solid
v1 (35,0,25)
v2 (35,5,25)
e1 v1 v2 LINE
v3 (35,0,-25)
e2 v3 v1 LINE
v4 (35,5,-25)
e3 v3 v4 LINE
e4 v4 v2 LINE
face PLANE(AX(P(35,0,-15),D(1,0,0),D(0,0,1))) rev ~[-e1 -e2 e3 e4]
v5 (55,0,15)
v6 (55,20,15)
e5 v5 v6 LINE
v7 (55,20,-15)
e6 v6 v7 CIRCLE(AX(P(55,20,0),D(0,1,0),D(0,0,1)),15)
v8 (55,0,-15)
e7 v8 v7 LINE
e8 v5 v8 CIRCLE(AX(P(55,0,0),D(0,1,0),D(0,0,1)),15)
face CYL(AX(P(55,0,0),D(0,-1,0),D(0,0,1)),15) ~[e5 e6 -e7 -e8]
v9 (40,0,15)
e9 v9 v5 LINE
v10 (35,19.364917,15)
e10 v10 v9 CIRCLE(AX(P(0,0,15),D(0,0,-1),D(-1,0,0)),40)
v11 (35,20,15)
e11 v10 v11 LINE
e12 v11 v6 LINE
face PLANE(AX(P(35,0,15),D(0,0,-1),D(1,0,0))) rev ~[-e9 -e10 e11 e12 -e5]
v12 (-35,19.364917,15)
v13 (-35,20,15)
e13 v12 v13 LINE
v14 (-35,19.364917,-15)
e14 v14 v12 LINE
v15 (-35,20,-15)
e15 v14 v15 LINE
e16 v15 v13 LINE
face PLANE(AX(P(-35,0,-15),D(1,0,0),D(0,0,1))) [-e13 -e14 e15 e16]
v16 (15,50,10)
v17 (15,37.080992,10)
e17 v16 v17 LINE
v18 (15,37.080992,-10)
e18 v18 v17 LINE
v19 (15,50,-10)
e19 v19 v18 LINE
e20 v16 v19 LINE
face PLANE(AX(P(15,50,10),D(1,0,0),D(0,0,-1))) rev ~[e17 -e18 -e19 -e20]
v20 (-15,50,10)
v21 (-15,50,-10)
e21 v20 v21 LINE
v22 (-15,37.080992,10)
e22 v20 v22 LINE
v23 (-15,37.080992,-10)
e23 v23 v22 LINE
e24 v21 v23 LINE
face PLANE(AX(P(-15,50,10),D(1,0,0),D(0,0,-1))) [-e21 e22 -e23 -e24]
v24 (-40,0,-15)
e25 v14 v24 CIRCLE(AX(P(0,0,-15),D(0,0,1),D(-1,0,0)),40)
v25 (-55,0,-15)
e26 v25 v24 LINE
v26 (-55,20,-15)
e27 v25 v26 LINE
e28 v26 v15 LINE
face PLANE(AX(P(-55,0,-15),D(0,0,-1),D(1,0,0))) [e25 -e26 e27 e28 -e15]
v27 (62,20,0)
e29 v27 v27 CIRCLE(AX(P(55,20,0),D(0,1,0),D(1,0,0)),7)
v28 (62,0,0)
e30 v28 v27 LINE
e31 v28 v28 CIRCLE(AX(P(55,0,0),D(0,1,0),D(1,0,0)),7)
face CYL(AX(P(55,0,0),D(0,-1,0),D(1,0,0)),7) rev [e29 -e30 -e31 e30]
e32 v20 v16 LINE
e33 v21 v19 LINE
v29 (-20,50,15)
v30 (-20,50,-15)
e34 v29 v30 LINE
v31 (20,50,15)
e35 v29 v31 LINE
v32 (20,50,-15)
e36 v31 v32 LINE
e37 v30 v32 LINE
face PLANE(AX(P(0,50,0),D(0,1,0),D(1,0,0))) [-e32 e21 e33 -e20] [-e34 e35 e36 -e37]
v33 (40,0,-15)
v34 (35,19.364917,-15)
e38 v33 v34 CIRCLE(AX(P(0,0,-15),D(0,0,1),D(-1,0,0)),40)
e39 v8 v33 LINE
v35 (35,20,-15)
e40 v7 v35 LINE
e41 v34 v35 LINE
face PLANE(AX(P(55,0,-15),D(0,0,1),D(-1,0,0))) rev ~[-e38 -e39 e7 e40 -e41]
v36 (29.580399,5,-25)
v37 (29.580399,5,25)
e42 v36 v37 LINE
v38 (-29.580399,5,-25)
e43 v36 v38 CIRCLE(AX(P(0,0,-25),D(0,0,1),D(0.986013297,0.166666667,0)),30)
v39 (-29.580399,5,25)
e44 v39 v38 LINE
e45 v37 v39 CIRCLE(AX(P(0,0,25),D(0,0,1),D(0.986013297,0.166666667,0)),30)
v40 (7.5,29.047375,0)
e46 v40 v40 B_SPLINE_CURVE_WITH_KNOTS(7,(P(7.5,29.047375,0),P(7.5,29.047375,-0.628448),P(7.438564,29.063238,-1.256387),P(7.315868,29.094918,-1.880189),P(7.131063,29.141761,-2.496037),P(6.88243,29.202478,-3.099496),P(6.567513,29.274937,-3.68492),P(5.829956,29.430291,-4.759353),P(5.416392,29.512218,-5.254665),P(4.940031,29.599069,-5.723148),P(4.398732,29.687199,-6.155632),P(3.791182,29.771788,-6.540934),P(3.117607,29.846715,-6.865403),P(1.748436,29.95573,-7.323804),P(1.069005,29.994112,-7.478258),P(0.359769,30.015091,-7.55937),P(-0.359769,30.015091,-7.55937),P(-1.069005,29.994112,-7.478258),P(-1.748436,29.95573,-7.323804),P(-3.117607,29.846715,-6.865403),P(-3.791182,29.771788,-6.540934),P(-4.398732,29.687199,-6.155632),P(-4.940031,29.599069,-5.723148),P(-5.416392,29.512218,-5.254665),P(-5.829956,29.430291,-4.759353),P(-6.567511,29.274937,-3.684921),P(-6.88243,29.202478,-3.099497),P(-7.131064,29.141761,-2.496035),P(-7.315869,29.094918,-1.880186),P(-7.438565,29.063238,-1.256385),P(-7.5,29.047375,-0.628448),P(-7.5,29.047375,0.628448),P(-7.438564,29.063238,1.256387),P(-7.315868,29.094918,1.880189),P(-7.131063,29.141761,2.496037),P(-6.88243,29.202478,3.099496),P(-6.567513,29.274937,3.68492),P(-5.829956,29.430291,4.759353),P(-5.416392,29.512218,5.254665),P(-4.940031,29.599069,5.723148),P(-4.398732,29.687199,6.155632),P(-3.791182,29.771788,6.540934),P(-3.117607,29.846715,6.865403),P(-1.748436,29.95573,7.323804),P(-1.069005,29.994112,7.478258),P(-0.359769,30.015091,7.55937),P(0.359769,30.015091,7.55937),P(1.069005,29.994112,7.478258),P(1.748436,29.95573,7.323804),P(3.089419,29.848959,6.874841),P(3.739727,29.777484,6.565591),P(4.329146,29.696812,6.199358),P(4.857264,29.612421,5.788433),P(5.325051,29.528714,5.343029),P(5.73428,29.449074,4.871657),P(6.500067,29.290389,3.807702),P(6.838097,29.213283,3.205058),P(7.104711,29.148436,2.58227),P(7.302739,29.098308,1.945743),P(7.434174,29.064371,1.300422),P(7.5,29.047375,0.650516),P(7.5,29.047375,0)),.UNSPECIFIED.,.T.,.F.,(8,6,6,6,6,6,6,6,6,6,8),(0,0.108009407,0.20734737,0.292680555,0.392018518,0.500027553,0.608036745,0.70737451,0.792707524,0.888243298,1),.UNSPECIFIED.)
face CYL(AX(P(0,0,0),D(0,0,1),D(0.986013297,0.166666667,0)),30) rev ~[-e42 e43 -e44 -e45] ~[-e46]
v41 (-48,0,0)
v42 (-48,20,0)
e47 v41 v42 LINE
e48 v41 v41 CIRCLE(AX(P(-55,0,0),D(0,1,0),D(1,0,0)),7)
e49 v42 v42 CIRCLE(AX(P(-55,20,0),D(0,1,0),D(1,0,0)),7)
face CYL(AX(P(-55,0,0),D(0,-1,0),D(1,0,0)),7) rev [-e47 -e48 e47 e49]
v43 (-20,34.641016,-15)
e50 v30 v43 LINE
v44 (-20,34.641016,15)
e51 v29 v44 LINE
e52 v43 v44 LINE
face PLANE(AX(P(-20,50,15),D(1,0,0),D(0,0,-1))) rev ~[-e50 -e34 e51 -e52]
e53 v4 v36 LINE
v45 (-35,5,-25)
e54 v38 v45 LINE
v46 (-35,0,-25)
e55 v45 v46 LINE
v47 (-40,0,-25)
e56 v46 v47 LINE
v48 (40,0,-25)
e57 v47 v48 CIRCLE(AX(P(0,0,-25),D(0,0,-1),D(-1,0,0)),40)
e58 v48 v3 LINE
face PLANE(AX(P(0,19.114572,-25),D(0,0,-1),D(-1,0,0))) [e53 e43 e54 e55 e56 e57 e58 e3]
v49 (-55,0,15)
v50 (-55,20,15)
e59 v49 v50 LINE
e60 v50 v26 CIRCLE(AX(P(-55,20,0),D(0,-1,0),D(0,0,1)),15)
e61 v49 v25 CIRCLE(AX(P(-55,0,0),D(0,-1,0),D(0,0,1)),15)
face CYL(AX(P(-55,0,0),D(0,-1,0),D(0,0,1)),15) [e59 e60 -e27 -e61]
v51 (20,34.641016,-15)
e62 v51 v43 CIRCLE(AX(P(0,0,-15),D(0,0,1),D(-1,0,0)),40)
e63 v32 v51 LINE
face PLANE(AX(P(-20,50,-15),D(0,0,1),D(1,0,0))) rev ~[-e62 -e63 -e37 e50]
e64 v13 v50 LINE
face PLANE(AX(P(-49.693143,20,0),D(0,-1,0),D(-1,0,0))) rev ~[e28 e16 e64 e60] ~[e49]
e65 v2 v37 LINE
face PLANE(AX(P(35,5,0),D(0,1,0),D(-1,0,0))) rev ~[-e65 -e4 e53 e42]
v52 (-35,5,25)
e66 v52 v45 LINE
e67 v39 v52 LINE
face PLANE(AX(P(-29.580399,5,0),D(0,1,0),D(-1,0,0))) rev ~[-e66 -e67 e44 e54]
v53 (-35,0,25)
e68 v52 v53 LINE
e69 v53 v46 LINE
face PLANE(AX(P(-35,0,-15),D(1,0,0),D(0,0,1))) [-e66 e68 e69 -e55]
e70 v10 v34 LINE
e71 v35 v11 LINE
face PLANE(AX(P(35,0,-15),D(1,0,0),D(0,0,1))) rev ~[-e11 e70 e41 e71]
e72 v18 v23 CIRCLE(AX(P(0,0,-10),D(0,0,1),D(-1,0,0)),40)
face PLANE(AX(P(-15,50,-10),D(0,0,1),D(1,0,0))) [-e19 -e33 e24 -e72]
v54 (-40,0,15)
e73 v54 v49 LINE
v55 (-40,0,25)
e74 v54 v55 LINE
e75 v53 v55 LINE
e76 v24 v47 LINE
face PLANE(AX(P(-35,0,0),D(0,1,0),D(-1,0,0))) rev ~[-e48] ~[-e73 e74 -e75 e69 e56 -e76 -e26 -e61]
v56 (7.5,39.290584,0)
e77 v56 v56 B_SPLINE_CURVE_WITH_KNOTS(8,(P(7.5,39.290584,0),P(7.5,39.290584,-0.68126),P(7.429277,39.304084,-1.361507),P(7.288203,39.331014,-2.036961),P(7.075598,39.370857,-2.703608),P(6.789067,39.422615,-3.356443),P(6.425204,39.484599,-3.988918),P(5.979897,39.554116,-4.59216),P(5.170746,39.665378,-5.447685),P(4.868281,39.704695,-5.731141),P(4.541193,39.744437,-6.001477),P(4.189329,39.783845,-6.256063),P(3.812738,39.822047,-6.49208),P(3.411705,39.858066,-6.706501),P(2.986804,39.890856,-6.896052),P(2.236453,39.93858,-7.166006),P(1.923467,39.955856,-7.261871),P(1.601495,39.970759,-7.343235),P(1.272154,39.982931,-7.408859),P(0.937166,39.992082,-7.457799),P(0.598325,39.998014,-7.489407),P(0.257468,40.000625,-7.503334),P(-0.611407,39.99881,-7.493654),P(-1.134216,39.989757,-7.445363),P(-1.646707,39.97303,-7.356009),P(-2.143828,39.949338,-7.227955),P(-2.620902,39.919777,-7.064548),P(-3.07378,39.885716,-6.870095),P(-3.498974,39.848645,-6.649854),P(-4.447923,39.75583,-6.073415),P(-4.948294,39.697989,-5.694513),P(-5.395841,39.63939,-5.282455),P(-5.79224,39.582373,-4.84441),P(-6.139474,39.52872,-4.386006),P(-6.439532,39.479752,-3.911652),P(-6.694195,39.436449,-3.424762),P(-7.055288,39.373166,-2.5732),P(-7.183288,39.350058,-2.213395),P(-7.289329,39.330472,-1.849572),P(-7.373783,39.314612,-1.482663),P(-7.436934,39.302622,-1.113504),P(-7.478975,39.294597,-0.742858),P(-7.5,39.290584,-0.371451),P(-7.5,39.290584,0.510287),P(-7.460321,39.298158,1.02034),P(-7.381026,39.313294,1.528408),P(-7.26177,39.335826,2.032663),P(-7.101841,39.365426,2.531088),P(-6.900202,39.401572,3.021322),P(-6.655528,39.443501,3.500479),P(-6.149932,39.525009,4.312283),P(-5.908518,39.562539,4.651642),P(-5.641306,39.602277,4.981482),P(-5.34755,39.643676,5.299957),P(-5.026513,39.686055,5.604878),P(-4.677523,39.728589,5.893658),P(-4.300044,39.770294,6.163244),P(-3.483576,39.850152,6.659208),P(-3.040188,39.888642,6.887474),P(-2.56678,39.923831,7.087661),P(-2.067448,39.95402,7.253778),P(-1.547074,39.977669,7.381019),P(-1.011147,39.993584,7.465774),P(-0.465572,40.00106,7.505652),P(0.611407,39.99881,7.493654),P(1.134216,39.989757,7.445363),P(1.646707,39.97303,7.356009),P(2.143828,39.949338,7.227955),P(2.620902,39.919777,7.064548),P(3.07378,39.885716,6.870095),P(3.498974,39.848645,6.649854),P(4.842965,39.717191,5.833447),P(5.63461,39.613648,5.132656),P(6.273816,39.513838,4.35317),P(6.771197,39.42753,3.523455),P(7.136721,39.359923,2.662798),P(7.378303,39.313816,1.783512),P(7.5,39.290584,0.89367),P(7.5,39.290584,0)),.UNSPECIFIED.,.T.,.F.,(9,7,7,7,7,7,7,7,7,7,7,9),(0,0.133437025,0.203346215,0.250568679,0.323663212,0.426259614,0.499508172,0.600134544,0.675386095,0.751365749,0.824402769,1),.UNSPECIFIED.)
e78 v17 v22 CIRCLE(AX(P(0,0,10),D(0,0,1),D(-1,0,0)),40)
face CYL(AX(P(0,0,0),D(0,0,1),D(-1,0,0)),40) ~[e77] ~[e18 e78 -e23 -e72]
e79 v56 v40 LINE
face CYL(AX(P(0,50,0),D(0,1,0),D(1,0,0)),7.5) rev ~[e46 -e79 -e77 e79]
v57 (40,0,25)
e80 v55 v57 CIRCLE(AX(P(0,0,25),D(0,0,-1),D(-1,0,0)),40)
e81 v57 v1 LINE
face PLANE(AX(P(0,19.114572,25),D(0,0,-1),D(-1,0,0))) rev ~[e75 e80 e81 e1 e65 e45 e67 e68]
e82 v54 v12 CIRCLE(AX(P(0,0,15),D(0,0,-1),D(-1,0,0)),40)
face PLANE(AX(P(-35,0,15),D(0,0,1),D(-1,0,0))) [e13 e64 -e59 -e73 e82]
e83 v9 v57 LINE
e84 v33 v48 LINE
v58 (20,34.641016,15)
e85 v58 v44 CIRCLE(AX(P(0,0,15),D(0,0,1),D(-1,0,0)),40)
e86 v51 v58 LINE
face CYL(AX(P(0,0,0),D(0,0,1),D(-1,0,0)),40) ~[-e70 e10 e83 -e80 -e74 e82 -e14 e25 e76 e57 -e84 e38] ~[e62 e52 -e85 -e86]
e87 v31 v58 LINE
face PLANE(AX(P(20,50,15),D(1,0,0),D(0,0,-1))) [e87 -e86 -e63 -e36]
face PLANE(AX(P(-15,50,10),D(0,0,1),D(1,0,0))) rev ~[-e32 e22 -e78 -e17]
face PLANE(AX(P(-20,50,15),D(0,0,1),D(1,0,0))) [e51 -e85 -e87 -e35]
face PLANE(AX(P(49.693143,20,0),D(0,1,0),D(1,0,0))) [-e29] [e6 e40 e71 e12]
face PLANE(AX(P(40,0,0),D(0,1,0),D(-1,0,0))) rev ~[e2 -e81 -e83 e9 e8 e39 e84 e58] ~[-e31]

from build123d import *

# Parameters (mm, degrees)
SKETCH2_R                = 7
BOSS_EXTRUDE1_DEPTH      = 20
BOSS_EXTRUDE1_2_DEPTH    = 20
BOSS_EXTRUDE4_DEPTH      = 25
BOSS_EXTRUDE4_DEPTH_BACK = 25
BOSS_EXTRUDE5_REACH      = 52
SKETCH5_W                = 40
SKETCH5_H                = 30
SKETCH5_W_2              = 30
SKETCH5_H_2              = 20
SKETCH6_R                = 7.5
CUT_EXTRUDE1_DEPTH       = 51


with BuildPart() as part:
    # Sketch2 → Boss-Extrude1 (new body)
    with BuildSketch(Plane(origin=(0, 0, 0), x_dir=(1, 0, 0), z_dir=(0, 1, 0))):
        with BuildLine():
            Line((-55, 15), (-35, 15))
            Line((-35, 15), (-35, -15))
            Line((-35, -15), (-55, -15))
            ThreePointArc((-55, -15), (-70, 0), (-55, 15))
        make_face()
        with Locations((-55, 0)):
            Circle(SKETCH2_R, mode=Mode.SUBTRACT)
    extrude(amount=BOSS_EXTRUDE1_DEPTH)



with BuildPart() as body_2:
    # Sketch2 → Boss-Extrude1 2 (new body)
    with BuildSketch(Plane(origin=(0, 0, 0), x_dir=(1, 0, 0), z_dir=(0, 1, 0))):
        with BuildLine():
            Line((35, -15), (55, -15))
            ThreePointArc((55, -15), (70, 0), (55, 15))
            Line((55, 15), (35, 15))
            Line((35, 15), (35, -15))
        make_face()
        with Locations((55, 0)):
            Circle(SKETCH2_R, mode=Mode.SUBTRACT)
    extrude(amount=BOSS_EXTRUDE1_2_DEPTH)


with BuildPart() as part_1:
    add(part.part)

    add(body_2.part)  # Boss-Extrude4 merges body 2
    # Sketch3 → Boss-Extrude4 (add, two sides)
    with BuildSketch(Plane.XY) as boss_extrude4_sk:
        with BuildLine():
            ThreePointArc((29.580398915, 5), (0, 30), (-29.580398915, 5))
            Line((-29.580398915, 5), (-35, 5))
            Line((-35, 5), (-35, 0))
            Line((-35, 0), (-40, 0))
            ThreePointArc((-40, 0), (0, 40), (40, 0))
            Line((40, 0), (35, 0))
            Line((35, 0), (35, 5))
            Line((35, 5), (29.580398915, 5))
        make_face()
    extrude(amount=BOSS_EXTRUDE4_DEPTH)
    extrude(boss_extrude4_sk.sketch, amount=-BOSS_EXTRUDE4_DEPTH_BACK)

    # Sketch5 → Boss-Extrude5 (add, up to next)
    with BuildSketch(Plane(origin=(0, 50, 0), x_dir=(1, 0, 0), z_dir=(0, 1, 0)), mode=Mode.PRIVATE) as boss_extrude5_sk1:
        Rectangle(SKETCH5_W, SKETCH5_H)
        Rectangle(SKETCH5_W_2, SKETCH5_H_2, mode=Mode.SUBTRACT)
    boss_extrude5_tool1 = extrude(boss_extrude5_sk1.sketch, amount=-BOSS_EXTRUDE5_REACH, mode=Mode.PRIVATE) - part_1.part
    add(boss_extrude5_tool1.solids().sort_by_distance((0, 50, 14.5))[0])

    # Sketch6 → Cut-Extrude1 (cut, through all)
    with BuildSketch(Plane(origin=(0, 50, 0), x_dir=(1, 0, 0), z_dir=(0, 1, 0))):
        Circle(SKETCH6_R)
    extrude(amount=-CUT_EXTRUDE1_DEPTH, mode=Mode.SUBTRACT)


solid = part_1.part
